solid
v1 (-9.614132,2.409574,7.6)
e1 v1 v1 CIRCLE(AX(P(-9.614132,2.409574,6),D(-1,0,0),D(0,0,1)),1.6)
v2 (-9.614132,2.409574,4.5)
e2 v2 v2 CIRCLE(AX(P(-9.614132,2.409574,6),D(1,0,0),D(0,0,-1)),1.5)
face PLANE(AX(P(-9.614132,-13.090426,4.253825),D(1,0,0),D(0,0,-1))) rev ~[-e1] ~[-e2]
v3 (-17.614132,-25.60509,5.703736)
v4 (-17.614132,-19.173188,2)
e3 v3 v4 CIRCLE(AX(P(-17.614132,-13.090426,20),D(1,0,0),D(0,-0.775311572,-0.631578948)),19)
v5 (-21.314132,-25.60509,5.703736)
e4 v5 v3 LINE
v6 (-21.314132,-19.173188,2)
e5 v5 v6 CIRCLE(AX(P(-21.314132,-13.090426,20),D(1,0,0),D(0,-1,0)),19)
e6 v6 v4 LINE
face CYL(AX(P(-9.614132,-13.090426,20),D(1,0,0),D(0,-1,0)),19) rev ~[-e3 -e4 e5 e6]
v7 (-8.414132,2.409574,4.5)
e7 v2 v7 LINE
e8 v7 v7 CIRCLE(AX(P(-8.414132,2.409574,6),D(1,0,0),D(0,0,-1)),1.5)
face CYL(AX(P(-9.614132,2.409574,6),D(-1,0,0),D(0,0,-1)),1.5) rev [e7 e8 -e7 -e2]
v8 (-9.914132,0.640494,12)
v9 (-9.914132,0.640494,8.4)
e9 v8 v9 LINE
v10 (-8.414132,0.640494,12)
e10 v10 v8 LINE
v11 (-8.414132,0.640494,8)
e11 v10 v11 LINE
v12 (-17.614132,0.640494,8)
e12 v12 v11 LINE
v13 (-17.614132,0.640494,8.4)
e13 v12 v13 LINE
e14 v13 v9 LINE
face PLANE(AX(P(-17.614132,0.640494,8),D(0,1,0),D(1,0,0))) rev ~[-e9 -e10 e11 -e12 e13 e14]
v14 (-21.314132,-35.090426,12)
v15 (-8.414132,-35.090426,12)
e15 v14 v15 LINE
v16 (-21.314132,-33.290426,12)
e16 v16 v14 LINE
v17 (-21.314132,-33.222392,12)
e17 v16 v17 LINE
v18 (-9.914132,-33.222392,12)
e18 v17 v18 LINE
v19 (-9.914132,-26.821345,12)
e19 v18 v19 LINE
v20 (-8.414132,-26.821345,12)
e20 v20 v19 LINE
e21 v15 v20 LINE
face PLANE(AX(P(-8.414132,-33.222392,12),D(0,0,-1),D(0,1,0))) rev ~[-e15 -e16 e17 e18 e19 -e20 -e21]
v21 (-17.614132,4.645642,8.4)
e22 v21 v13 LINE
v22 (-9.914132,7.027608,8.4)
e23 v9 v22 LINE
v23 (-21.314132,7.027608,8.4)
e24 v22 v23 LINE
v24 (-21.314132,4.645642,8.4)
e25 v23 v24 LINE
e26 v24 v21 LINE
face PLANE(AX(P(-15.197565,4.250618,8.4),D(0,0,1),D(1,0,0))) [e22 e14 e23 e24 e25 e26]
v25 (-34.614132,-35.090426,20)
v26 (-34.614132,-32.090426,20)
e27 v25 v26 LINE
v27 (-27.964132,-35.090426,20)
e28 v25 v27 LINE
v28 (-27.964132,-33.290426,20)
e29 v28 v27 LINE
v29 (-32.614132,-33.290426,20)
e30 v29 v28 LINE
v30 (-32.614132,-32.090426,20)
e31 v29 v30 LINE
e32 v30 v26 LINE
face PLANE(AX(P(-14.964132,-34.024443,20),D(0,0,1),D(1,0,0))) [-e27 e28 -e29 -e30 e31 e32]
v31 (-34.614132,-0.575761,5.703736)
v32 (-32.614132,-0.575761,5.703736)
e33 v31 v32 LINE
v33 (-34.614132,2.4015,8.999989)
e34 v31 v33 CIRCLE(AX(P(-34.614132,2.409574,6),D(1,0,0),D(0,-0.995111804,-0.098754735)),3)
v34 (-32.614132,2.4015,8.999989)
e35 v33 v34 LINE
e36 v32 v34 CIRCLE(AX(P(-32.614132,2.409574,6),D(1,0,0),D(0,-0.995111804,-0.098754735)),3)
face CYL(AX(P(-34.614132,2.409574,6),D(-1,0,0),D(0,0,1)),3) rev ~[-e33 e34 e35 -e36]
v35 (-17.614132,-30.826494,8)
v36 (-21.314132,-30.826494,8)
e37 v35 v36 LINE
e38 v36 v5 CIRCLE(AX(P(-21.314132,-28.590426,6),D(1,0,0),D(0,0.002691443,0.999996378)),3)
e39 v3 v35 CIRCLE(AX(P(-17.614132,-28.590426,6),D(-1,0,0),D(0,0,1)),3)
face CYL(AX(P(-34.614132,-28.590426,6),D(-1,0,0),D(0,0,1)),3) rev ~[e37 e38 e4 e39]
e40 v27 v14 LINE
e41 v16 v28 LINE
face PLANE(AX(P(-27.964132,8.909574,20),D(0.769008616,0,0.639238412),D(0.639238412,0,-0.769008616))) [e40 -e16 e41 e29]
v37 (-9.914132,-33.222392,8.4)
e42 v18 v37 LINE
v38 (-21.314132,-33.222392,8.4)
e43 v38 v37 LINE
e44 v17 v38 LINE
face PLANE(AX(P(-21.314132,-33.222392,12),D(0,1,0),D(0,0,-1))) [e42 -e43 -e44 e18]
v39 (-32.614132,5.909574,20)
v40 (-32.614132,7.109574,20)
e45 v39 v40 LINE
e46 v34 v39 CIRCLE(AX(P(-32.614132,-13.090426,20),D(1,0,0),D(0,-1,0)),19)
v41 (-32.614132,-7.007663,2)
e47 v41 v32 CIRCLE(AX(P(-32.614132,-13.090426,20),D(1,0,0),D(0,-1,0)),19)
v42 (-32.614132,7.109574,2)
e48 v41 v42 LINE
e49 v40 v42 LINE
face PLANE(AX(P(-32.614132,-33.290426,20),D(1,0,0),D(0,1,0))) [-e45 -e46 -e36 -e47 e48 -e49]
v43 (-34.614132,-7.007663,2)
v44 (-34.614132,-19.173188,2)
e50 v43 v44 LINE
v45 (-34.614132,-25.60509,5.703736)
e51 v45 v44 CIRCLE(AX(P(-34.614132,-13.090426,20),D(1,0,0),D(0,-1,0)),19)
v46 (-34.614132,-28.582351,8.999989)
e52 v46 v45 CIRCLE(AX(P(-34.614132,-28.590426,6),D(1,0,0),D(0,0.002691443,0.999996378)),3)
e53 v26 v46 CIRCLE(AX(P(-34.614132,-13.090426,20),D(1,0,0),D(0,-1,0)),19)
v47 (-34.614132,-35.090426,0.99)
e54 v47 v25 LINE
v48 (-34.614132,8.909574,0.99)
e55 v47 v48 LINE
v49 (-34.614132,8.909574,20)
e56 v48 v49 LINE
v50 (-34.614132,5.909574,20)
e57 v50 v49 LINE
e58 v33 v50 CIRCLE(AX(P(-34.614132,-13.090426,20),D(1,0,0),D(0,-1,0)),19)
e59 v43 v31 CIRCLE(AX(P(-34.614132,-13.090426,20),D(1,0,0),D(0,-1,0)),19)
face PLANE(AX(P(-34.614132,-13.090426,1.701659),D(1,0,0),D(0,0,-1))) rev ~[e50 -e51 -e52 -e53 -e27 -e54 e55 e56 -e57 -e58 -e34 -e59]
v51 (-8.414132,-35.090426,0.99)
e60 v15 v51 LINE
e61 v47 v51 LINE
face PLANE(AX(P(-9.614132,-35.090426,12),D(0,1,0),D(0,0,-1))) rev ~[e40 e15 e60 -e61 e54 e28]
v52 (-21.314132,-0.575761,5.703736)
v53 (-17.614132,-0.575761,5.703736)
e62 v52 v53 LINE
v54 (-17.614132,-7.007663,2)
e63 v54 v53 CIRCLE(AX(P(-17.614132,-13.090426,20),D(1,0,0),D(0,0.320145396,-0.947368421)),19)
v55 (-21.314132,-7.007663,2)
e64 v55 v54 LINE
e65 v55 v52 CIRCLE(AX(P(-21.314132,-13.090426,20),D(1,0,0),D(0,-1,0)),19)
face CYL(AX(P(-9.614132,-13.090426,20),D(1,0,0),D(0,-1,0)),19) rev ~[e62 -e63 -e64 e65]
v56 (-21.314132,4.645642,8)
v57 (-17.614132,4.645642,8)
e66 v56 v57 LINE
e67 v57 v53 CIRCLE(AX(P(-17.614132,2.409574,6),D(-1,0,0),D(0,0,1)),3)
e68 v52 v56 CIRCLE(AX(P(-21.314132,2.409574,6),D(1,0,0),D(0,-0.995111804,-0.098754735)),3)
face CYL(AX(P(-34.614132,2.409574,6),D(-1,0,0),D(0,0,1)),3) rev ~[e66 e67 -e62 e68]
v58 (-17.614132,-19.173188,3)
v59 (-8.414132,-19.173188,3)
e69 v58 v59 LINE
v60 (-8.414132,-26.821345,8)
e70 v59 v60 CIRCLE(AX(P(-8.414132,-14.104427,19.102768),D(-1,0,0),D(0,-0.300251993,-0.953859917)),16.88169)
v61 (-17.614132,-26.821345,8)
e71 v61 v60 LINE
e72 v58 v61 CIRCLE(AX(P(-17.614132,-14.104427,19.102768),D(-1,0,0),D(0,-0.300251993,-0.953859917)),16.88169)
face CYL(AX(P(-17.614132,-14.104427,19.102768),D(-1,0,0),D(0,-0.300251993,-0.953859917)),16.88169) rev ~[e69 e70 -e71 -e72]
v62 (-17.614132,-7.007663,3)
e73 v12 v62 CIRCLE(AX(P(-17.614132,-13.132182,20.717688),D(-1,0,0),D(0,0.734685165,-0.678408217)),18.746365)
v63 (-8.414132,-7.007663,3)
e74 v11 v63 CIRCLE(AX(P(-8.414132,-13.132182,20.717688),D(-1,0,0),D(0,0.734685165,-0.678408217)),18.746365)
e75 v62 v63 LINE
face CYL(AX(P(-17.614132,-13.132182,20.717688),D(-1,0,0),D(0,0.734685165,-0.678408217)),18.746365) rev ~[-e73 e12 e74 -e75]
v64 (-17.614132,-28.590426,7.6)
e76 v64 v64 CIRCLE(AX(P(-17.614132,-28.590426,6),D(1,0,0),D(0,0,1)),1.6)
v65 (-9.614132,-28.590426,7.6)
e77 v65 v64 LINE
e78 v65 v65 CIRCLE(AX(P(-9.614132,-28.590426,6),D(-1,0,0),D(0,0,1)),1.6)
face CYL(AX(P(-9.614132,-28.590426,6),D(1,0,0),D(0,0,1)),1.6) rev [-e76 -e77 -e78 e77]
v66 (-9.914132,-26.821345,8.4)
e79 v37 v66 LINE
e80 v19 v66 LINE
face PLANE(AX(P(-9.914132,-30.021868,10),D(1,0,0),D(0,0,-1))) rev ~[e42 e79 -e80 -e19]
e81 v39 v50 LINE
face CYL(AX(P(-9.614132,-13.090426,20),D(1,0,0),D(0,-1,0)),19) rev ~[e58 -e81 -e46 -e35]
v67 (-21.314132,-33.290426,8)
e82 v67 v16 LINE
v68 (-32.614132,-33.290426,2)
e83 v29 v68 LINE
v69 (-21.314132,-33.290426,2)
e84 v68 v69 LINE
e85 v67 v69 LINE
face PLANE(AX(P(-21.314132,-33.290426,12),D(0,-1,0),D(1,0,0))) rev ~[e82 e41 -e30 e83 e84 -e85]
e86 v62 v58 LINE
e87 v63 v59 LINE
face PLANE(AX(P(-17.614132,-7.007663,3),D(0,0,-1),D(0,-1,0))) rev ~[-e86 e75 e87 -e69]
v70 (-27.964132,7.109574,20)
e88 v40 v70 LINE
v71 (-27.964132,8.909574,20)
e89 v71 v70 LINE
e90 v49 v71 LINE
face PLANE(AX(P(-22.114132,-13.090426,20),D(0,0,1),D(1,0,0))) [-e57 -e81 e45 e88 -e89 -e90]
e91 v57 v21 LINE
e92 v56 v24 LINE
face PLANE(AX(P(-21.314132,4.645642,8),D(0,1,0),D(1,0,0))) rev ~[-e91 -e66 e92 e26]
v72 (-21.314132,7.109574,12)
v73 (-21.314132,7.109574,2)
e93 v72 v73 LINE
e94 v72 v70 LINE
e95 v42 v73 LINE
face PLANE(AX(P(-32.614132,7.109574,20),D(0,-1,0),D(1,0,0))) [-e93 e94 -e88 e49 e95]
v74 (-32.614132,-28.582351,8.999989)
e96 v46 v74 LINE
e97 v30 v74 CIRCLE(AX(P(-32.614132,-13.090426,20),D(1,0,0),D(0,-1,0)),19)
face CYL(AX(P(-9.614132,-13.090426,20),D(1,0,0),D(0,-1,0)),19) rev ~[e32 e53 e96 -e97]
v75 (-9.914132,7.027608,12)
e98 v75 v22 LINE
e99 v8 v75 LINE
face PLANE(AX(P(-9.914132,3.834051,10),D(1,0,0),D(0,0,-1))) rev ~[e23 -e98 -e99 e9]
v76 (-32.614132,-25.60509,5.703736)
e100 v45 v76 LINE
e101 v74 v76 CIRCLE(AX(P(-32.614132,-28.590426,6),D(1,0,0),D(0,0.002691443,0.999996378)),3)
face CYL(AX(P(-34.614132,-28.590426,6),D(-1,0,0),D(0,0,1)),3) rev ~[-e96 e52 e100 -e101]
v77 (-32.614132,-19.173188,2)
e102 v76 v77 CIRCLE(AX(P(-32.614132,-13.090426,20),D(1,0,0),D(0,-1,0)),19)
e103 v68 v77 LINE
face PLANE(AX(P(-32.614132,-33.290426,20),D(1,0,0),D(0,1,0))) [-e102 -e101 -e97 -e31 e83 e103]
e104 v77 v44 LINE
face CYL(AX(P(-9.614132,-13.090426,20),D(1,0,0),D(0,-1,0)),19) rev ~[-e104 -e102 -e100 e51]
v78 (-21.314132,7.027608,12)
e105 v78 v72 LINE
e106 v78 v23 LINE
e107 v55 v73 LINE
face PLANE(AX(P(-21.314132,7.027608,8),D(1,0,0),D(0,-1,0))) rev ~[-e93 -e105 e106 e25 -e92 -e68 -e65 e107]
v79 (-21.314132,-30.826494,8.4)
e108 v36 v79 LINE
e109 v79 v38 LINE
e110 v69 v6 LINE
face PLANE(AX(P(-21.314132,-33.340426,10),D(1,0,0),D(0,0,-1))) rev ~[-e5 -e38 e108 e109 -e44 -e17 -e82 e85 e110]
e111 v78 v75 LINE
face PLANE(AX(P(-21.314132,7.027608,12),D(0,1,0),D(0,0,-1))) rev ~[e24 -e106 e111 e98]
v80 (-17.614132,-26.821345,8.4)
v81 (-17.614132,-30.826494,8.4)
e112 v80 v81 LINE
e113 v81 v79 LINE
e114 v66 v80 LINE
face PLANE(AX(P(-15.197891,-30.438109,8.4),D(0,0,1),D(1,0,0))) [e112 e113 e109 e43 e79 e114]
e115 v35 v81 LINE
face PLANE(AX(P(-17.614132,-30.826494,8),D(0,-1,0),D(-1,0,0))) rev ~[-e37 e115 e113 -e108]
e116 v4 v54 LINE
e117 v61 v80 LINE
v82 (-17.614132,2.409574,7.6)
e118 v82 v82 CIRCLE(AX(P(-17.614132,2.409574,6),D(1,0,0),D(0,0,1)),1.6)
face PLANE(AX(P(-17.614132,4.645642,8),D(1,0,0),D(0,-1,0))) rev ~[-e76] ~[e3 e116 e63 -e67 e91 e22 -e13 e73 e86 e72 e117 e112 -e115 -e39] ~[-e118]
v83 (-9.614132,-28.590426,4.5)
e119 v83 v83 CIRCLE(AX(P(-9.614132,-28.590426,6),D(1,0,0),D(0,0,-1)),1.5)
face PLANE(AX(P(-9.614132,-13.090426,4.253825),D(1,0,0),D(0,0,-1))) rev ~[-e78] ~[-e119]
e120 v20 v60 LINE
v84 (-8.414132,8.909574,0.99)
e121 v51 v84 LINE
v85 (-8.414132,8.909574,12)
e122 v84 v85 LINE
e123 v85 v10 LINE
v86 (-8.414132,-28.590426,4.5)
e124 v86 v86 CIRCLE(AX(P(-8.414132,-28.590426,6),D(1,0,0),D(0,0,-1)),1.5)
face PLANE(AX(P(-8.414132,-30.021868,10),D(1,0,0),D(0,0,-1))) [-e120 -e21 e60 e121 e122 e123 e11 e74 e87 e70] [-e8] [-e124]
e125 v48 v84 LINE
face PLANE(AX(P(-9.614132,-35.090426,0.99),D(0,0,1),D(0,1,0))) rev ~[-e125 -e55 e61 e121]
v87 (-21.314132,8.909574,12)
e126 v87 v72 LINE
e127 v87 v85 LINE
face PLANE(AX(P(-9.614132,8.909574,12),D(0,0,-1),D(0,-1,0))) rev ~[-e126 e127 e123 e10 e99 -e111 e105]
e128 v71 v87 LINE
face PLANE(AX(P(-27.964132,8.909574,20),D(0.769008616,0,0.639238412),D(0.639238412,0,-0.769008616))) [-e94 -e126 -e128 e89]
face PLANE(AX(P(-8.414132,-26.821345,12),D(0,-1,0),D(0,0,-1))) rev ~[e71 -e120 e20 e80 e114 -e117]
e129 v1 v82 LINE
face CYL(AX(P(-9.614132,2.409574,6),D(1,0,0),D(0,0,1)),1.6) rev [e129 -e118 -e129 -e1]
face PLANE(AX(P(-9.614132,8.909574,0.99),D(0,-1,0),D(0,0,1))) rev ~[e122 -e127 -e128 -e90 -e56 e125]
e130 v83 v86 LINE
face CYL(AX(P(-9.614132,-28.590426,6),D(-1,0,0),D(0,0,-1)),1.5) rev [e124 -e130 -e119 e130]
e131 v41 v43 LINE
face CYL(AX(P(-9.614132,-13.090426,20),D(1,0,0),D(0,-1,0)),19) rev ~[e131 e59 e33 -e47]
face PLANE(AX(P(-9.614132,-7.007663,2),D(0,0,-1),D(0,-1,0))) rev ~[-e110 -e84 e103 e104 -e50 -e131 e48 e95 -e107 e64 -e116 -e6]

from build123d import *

# Parameters (mm, degrees)
CROQUIS1_W               = 25
CROQUIS1_H               = 44
SALIENTE_EXTRUIR1_DEPTH  = 20
CROQUIS2_W               = 11.3
CROQUIS2_H               = 40.4
CORTAR_EXTRUIR1_DEPTH    = 18
CROQUIS3_W               = 10.7
CROQUIS3_H               = 44
CORTAR_EXTRUIR2_DEPTH    = 12
CORTAR_EXTRUIR3_START    = -25
CROQUIS4_R               = 1.6
CORTAR_EXTRUIR3_DEPTH    = 25
CROQUIS5_R               = 3
CORTAR_EXTRUIR4_DEPTH    = 17
CROQUIS7_W               = 10.7
CROQUIS7_H               = 2.131966011
SALIENTE_EXTRUIR2_DEPTH  = 12
CROQUIS9_W               = 11.3
CROQUIS9_H               = 12.16552506
SALIENTE_EXTRUIR3_DEPTH  = 2
SALIENTE_EXTRUIR4_DEPTH  = 2
CORTAR_EXTRUIR10_START   = -25
CROQUIS12_W              = 0.99
CROQUIS12_H              = 44
CORTAR_EXTRUIR10_DEPTH   = 25
CROQUIS13_W              = 8
CROQUIS13_H              = 44
CORTAR_EXTRUIR11_DEPTH   = 11.7
SALIENTE_EXTRUIR5_DEPTH  = 11.7
CROQUIS15_W              = 10.763613753
CROQUIS15_H              = 40.736067978
CORTAR_EXTRUIR12_DEPTH   = 4
CROQUIS16_R              = 1.5
SALIENTE_EXTRUIR6_DEPTH  = 1.2
CORTAR_EXTRUIR13_START   = -44
CORTAR_EXTRUIR13_DEPTH   = 44
CROQUIS18_W              = 0.936386247
CROQUIS18_H              = 40.568033989
CORTAR_EXTRUIR14_DEPTH   = 4
SALIENTE_EXTRUIR7_START  = -9.2
SALIENTE_EXTRUIR7_DEPTH  = 9.2
SALIENTE_EXTRUIR8_START  = -12.9
CROQUIS20_W              = 4
CROQUIS20_H              = 0.236067978
CROQUIS20_H_2            = 0.25
SALIENTE_EXTRUIR8_DEPTH  = 12.9
CROQUIS21_W              = 4
CROQUIS21_H              = 6.401046148
CROQUIS21_H_2            = 6.387114126
SALIENTE_EXTRUIR9_DEPTH  = 1.5
SALIENTE_EXTRUIR10_DEPTH = 0.4


with BuildPart() as part:
    # Croquis1 → Saliente-Extruir1 (new body)
    with BuildSketch(Plane.XY):
        with Locations((-22.114132301, -13.090425532)):
            Rectangle(CROQUIS1_W, CROQUIS1_H)
    extrude(amount=SALIENTE_EXTRUIR1_DEPTH)

    # Croquis2 → Cortar-Extruir1 (cut)
    with BuildSketch(Plane.XY.offset(20)):
        with Locations((-26.964132301, -13.090425532)):
            Rectangle(CROQUIS2_W, CROQUIS2_H)
    extrude(amount=-CORTAR_EXTRUIR1_DEPTH, mode=Mode.SUBTRACT)

    # Croquis3 → Cortar-Extruir2 (cut)
    with BuildSketch(Plane.XY.offset(20)):
        with Locations((-14.964132301, -13.090425532)):
            Rectangle(CROQUIS3_W, CROQUIS3_H)
    extrude(amount=-CORTAR_EXTRUIR2_DEPTH, mode=Mode.SUBTRACT)

    # Croquis4 → Cortar-Extruir3 (cut)
    with BuildSketch(Plane.ZY.offset(34.614132301).offset(CORTAR_EXTRUIR3_START)):
        with Locations((6, 2.409574468)):
            Circle(CROQUIS4_R)
        with Locations((6, -28.590425532)):
            Circle(CROQUIS4_R)
        with BuildLine():
            Line((20, 5.909574468), (20, -32.090425532))
            ThreePointArc((20, -32.090425532), (1, -13.090425532), (20, 5.909574468))
        make_face()
    extrude(amount=CORTAR_EXTRUIR3_DEPTH, mode=Mode.SUBTRACT)

    # Croquis5 → Cortar-Extruir4 (cut)
    with BuildSketch(Plane.ZY.offset(34.614132301)):
        with Locations((6, 2.409574468)):
            Circle(CROQUIS5_R)
        with Locations((6, -28.590425532)):
            Circle(CROQUIS5_R)
    extrude(amount=-CORTAR_EXTRUIR4_DEPTH, mode=Mode.SUBTRACT)

    # Croquis7 → Saliente-Extruir2 (add)
    with BuildSketch(Plane.XY.offset(8)):
        with Locations((-14.964132301, -34.024442527)):
            Rectangle(CROQUIS7_W, CROQUIS7_H)
        with Locations((-14.964132301, 7.843591463)):
            Rectangle(CROQUIS7_W, CROQUIS7_H)
    extrude(amount=SALIENTE_EXTRUIR2_DEPTH)

    # Croquis9 → Saliente-Extruir3 (add)
    with BuildSketch(Plane.XY.offset(2)):
        with Locations((-26.964132301, -13.090425532)):
            Rectangle(CROQUIS9_W, CROQUIS9_H)
    extrude(amount=-SALIENTE_EXTRUIR3_DEPTH)

    # Croquis11 → Saliente-Extruir4 (add)
    with BuildSketch(Plane.ZY.offset(32.614132301)):
        with BuildLine():
            Line((2, -7.007663002), (2, -19.173188062))
            ThreePointArc((2, -19.173188062), (1, -13.090425532), (2, -7.007663002))
        make_face()
    extrude(amount=SALIENTE_EXTRUIR4_DEPTH)

    # Croquis12 → Cortar-Extruir10 (cut)
    with BuildSketch(Plane.ZY.offset(34.614132301).offset(CORTAR_EXTRUIR10_START)):
        with Locations((0.495, -13.090425532)):
            Rectangle(CROQUIS12_W, CROQUIS12_H)
    extrude(amount=CORTAR_EXTRUIR10_DEPTH, mode=Mode.SUBTRACT)

    # Croquis13 → Cortar-Extruir11 (cut)
    with BuildSketch(Plane(origin=(-9.614132301, 0, 0), x_dir=(0, 0, -1), z_dir=(1, 0, 0))):
        with Locations((-16, -13.090425532)):
            Rectangle(CROQUIS13_W, CROQUIS13_H)
    extrude(amount=-CORTAR_EXTRUIR11_DEPTH, mode=Mode.SUBTRACT)

    # Croquis14 → Saliente-Extruir5 (add)
    with BuildSketch(Plane(origin=(-21.314132301, 0, 0), x_dir=(0, 0, -1), z_dir=(1, 0, 0))):
        with BuildLine():
            Line((-2, -19.173188062), (-2, -7.007663002))
            ThreePointArc((-2, -7.007663002), (-1, -13.090425532), (-2, -19.173188062))
        make_face()
    extrude(amount=SALIENTE_EXTRUIR5_DEPTH)

    # Croquis15 → Cortar-Extruir12 (cut)
    with BuildSketch(Plane.XY.offset(12)):
        with Locations((-14.995939178, -13.090425532)):
            Rectangle(CROQUIS15_W, CROQUIS15_H)
    extrude(amount=-CORTAR_EXTRUIR12_DEPTH, mode=Mode.SUBTRACT)

    # Croquis16 → Saliente-Extruir6 (add)
    with BuildSketch(Plane(origin=(-9.614132301, 0, 0), x_dir=(0, 0, -1), z_dir=(1, 0, 0))):
        with BuildLine():
            Line((-8, -27.821345395), (-8, -33.458459521))
            Line((-8, -33.458459521), (-12, -33.458459521))
            Line((-12, -33.458459521), (-12, -35.090425532))
            Line((-12, -35.090425532), (-0.99, -35.090425532))
            Line((-0.99, -35.090425532), (-0.99, 8.909574468))
            Line((-0.99, 8.909574468), (-12, 8.909574468))
            Line((-12, 8.909574468), (-12, 7.277608457))
            Line((-12, 7.277608457), (-8, 7.277608457))
            Line((-8, 7.277608457), (-8, 1.640494331))
            ThreePointArc((-8, 1.640494331), (-4.389181434, -2.259804881), (-2, -7.007663002))
            Line((-2, -7.007663002), (-2, -19.173188062))
            ThreePointArc((-2, -19.173188062), (-4.389181434, -23.921046183), (-8, -27.821345395))
        make_face()
        with Locations((-6, -28.590425532)):
            Circle(CROQUIS16_R, mode=Mode.SUBTRACT)
        with Locations((-6, 2.409574468)):
            Circle(CROQUIS16_R, mode=Mode.SUBTRACT)
    extrude(amount=SALIENTE_EXTRUIR6_DEPTH)

    # Croquis17 → Cortar-Extruir13 (cut)
    with BuildSketch(Plane.XZ.offset(35.090425532).offset(CORTAR_EXTRUIR13_START)):
        Polygon((-21.314132301, 12), (-21.314132301, 20), (-27.964132301, 20), align=None)
    extrude(amount=CORTAR_EXTRUIR13_DEPTH, mode=Mode.SUBTRACT)

    # Croquis18 → Cortar-Extruir14 (cut)
    with BuildSketch(Plane.XY.offset(12)):
        with Locations((-20.845939178, -13.006408538)):
            Rectangle(CROQUIS18_W, CROQUIS18_H)
    extrude(amount=-CORTAR_EXTRUIR14_DEPTH, mode=Mode.SUBTRACT)

    # Croquis19 → Saliente-Extruir7 (add)
    with BuildSketch(Plane(origin=(-8.414132301, 0, 0), x_dir=(0, 0, -1), z_dir=(1, 0, 0)).offset(SALIENTE_EXTRUIR7_START)):
        with BuildLine():
            Line((-2, -19.173188062), (-2, -7.007663002))
            ThreePointArc((-2, -7.007663002), (-4.389181434, -2.259804881), (-8, 1.640494331))
            Line((-8, 1.640494331), (-8, 0.640494331))
            ThreePointArc((-8, 0.640494331), (-5.026875227, -2.874277954), (-3, -7.007663002))
            Line((-3, -7.007663002), (-3, -19.173188062))
            ThreePointArc((-3, -19.173188062), (-4.972698099, -23.341991528), (-8, -26.821345395))
            Line((-8, -26.821345395), (-8, -27.821345395))
            ThreePointArc((-8, -27.821345395), (-4.389181434, -23.921046183), (-2, -19.173188062))
        make_face()
    extrude(amount=SALIENTE_EXTRUIR7_DEPTH)

    # Croquis20 → Saliente-Extruir8 (add)
    with BuildSketch(Plane(origin=(-8.414132301, 0, 0), x_dir=(0, 0, -1), z_dir=(1, 0, 0)).offset(SALIENTE_EXTRUIR8_START)):
        with Locations((-10, -33.340425532)):
            Rectangle(CROQUIS20_W, CROQUIS20_H)
        with Locations((-10, 7.152608457)):
            Rectangle(CROQUIS20_W, CROQUIS20_H_2)
    extrude(amount=SALIENTE_EXTRUIR8_DEPTH)

    # Croquis21 → Saliente-Extruir9 (add)
    with BuildSketch(Plane(origin=(-8.414132301, 0, 0), x_dir=(0, 0, -1), z_dir=(1, 0, 0))):
        with Locations((-10, -30.021868469)):
            Rectangle(CROQUIS21_W, CROQUIS21_H)
        with Locations((-10, 3.834051394)):
            Rectangle(CROQUIS21_W, CROQUIS21_H_2)
    extrude(amount=-SALIENTE_EXTRUIR9_DEPTH)

    # Croquis22 → Saliente-Extruir10 (add)
    with BuildSketch(Plane.XY.offset(8)):
        Polygon((-9.914132301, 7.027608457), (-21.314132301, 7.027608457), (-21.314132301, 4.645642446), (-17.614132301, 4.645642446), (-17.614132301, 0.640494331), (-9.914132301, 0.640494331), align=None)
        Polygon((-9.914132301, -26.821345395), (-17.614132301, -26.821345395), (-17.614132301, -30.826493509), (-21.314132301, -30.826493509), (-21.314132301, -33.222391543), (-9.914132301, -33.222391543), align=None)
    extrude(amount=SALIENTE_EXTRUIR10_DEPTH)


solid = part.part
